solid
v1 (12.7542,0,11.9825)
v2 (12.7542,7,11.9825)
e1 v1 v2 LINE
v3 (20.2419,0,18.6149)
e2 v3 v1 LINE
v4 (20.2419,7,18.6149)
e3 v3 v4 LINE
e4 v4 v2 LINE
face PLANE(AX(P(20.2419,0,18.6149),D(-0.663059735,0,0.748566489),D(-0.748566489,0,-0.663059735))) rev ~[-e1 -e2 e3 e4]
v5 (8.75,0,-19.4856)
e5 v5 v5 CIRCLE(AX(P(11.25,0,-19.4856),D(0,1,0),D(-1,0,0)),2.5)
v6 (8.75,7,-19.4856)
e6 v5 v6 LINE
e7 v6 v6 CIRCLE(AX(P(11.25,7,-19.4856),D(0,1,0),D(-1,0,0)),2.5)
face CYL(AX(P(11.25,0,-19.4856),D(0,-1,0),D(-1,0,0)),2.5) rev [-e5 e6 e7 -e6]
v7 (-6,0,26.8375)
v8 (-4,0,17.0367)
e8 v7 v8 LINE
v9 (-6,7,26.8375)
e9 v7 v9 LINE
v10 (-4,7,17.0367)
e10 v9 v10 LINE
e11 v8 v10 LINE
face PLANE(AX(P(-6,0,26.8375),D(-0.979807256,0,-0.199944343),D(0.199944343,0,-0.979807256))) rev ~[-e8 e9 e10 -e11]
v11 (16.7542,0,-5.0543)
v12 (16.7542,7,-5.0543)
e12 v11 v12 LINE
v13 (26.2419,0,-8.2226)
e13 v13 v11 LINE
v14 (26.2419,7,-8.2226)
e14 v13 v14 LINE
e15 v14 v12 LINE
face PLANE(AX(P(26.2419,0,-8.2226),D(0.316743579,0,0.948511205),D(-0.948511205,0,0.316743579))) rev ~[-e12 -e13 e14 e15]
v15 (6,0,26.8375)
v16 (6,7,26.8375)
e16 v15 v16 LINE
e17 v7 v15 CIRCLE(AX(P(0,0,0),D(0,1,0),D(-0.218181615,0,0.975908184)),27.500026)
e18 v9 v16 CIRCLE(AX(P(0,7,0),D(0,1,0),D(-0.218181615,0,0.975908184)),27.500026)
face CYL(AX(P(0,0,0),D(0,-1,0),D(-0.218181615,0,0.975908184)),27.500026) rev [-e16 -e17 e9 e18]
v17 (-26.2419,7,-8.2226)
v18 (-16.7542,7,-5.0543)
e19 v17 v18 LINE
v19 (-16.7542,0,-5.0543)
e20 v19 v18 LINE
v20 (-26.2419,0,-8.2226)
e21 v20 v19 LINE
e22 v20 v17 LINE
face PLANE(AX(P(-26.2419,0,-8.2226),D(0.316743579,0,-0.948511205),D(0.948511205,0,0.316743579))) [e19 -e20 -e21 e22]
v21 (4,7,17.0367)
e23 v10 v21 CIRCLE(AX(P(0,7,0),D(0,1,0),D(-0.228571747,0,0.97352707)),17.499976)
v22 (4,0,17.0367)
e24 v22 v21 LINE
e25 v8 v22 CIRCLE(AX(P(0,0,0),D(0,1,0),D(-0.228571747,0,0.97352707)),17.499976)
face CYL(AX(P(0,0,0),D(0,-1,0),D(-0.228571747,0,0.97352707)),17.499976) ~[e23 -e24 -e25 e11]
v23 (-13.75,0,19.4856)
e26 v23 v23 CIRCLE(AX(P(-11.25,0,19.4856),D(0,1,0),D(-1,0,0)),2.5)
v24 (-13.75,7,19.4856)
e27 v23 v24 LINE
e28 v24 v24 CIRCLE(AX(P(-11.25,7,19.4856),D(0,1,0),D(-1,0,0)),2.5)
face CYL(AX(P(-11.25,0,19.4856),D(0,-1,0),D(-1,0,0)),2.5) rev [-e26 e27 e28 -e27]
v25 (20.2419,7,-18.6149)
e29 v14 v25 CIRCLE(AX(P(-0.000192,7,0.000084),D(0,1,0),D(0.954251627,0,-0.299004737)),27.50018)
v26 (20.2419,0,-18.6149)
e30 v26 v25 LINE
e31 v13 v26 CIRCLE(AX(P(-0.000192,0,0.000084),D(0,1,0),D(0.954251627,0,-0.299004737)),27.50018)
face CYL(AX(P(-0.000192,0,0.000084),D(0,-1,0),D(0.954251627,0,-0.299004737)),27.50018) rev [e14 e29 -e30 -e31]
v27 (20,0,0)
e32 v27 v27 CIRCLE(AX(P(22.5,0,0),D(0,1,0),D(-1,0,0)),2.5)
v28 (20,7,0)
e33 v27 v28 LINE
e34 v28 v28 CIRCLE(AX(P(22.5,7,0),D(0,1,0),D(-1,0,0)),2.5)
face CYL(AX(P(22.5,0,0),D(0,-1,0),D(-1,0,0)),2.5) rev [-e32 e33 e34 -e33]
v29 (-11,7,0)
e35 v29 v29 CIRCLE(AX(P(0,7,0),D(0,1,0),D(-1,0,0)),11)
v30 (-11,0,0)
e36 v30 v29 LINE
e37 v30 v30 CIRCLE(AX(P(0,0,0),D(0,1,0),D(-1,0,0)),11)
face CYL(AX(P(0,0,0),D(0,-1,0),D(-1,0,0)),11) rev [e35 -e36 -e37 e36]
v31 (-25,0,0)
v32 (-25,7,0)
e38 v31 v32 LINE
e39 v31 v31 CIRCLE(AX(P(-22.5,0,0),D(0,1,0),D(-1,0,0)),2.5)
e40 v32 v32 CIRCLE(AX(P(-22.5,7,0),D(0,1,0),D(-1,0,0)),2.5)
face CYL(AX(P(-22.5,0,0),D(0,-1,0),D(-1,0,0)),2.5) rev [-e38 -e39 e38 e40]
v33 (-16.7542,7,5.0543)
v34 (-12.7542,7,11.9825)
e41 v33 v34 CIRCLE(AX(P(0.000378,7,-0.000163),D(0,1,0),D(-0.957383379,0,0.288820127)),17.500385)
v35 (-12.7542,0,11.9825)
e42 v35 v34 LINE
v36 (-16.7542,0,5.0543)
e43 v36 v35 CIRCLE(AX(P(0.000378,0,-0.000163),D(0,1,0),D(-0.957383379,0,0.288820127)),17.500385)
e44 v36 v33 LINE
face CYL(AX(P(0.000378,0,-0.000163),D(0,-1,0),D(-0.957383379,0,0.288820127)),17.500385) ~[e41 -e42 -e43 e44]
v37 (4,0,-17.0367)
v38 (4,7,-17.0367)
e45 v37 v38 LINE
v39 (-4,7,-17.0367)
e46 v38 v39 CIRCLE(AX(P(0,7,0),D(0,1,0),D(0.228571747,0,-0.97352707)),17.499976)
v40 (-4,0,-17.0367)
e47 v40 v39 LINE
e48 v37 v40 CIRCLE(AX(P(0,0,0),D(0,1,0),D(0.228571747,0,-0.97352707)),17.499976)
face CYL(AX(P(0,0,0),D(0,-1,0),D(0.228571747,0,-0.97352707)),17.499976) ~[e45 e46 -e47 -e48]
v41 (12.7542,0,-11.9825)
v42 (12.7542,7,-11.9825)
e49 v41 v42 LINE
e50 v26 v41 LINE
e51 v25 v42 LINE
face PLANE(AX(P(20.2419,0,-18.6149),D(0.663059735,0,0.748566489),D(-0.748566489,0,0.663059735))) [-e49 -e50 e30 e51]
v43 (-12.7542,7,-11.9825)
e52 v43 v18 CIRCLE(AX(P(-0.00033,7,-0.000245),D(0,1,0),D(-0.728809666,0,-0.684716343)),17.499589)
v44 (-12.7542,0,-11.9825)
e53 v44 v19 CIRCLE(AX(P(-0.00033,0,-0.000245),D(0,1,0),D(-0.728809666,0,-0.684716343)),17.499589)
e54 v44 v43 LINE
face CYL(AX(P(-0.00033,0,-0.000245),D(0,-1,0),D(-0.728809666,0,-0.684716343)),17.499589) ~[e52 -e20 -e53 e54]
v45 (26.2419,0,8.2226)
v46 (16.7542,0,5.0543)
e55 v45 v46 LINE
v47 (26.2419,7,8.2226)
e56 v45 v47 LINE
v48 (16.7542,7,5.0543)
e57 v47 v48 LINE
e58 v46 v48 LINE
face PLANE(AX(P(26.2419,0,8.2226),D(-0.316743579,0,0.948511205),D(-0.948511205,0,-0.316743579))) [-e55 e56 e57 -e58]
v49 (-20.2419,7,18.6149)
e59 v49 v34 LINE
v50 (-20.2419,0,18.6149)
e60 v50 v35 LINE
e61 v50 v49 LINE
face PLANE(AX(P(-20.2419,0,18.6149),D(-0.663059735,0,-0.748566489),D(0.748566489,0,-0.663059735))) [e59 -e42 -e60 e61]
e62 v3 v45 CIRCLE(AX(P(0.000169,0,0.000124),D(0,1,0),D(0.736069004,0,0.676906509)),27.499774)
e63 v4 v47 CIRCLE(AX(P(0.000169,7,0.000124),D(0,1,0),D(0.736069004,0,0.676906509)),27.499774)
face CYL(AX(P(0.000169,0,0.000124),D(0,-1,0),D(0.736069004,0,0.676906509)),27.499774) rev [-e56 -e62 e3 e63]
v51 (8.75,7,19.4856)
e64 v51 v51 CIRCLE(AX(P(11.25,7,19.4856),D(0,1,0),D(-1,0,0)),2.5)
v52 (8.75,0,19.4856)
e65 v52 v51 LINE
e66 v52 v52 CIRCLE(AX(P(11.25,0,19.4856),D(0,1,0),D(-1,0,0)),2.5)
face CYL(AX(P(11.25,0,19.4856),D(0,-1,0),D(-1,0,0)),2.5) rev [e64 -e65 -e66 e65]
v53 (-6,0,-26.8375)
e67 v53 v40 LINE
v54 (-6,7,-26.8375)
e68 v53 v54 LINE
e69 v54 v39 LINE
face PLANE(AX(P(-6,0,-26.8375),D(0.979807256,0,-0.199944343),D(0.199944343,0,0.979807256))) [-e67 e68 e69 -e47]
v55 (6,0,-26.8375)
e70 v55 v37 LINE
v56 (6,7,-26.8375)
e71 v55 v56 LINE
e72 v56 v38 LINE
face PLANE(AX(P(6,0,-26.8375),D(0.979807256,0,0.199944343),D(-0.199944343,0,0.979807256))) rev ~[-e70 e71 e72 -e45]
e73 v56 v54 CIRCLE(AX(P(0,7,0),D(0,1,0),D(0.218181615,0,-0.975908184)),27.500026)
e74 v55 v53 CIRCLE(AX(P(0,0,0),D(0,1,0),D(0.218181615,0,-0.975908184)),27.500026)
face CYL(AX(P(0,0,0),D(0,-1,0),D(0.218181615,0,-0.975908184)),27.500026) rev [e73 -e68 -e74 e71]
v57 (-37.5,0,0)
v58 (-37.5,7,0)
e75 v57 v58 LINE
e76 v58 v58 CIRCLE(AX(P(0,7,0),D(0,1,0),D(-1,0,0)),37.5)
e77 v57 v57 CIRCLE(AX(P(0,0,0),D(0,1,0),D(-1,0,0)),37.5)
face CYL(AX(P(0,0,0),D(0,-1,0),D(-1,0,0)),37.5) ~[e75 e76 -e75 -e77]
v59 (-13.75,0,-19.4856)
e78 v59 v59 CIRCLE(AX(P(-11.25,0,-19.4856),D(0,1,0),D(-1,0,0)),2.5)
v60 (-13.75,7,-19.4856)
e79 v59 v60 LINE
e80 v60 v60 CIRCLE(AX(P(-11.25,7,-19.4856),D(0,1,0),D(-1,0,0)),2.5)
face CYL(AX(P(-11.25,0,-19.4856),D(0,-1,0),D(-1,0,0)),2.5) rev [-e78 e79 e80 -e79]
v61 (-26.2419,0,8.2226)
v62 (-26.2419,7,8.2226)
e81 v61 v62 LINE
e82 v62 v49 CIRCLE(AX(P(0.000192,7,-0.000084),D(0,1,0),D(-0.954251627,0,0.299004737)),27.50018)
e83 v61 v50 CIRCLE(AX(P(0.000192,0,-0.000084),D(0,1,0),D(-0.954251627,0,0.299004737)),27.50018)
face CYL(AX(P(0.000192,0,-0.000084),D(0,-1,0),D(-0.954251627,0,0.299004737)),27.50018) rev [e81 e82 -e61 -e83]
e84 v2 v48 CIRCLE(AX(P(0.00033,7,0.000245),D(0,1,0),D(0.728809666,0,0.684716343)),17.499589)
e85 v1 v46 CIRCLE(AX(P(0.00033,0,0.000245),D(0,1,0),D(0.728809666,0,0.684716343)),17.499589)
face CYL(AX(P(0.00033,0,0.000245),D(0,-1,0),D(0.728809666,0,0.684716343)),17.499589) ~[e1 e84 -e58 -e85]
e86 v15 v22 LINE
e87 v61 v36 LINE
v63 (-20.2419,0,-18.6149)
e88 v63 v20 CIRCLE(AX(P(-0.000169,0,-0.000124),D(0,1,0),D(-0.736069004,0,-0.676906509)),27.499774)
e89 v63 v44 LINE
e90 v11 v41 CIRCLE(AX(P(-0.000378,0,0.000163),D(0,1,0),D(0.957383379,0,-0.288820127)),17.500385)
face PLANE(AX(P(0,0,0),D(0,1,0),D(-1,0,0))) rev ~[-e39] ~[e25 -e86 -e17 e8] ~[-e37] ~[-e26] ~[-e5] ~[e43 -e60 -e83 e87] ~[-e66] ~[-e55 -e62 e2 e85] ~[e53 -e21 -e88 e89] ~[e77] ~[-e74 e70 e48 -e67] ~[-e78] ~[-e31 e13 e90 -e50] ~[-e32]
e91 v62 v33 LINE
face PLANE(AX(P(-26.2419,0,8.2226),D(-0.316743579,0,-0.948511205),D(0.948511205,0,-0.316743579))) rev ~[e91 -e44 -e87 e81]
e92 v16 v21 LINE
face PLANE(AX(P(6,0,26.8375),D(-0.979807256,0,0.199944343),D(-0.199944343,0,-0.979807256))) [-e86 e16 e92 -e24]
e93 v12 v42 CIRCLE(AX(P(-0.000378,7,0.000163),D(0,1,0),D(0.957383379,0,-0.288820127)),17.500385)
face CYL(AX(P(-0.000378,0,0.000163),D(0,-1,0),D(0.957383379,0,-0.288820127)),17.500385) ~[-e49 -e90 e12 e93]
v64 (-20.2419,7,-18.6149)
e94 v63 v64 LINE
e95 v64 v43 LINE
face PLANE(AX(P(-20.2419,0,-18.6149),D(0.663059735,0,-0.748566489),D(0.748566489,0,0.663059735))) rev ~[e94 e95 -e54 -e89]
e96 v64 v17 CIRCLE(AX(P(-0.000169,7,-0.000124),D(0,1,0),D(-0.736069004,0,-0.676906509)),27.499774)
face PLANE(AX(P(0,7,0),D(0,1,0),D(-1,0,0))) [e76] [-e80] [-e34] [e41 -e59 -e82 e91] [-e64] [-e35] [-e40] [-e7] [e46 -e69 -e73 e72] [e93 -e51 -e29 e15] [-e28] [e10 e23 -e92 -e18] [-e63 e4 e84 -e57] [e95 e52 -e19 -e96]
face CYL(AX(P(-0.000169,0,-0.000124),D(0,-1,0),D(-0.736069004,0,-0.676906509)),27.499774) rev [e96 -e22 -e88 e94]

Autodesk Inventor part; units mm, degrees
ref_plane "YZ Plane" through (0, 0, 0) normal (1, 0, 0) x (0, 1, 0)
ref_plane "XZ Plane" through (0, 0, 0) normal (0, 1, 0) x (-1, 0, 0)
ref_plane "XY Plane" through (0, 0, 0) normal (0, 0, 1) x (1, 0, 0)
sketch "Sketch3" plane through (0, 0, 0) normal (0, 1, 0) x (-1, 0, 0)
  circle A0 centre (0, 0) radius 11
  circle A1 centre (0, 0) radius 17.5 construction
  circle A2 centre (0, 0) radius 27.5 construction
  circle A3 centre (0, 0) radius 37.5
  line L0 (-6, 26.8375) -> (-4, 17.0367)
  line L1 (6, 26.8375) -> (4, 17.0367)
  arc A4 (6, 26.8375) -> (-6, 26.8375) centre (0, 0) ccw
  arc A5 (4, 17.0367) -> (-4, 17.0367) centre (0, 0) ccw
  circle A6 centre (0, 0) radius 22.5 construction
  line L2 (5.0001, 21.9374) -> (16.4983, 15.2989) construction
  line L3 (10.7492, 18.6181) -> (11.25, 19.4856) construction
  circle A7 centre (11.25, 19.4856) radius 2.5
  circle A8 centre (-11.25, 19.4856) radius 2.5
  circle A9 centre (-22.5, 0) radius 2.5
  circle A10 centre (-11.25, -19.4856) radius 2.5
  circle A11 centre (11.25, -19.4856) radius 2.5
  circle A12 centre (22.5, 0) radius 2.5
  arc A13 (-20.2419, 18.6149) -> (-26.2419, 8.2226) centre (0, 0) ccw
  line L4 (-20.2419, 18.6149) -> (-12.7542, 11.9825)
  line L5 (-26.2419, 8.2226) -> (-16.7542, 5.0543)
  arc A14 (-12.7542, 11.9825) -> (-16.7542, 5.0543) centre (0, 0) ccw
  arc A15 (-26.2419, -8.2226) -> (-20.2419, -18.6149) centre (0, 0) ccw
  line L6 (-26.2419, -8.2226) -> (-16.7542, -5.0543)
  line L7 (-20.2419, -18.6149) -> (-12.7542, -11.9825)
  arc A16 (-16.7542, -5.0543) -> (-12.7542, -11.9825) centre (0, 0) ccw
  arc A17 (-6, -26.8375) -> (6, -26.8375) centre (0, 0) ccw
  line L8 (-6, -26.8375) -> (-4, -17.0367)
  line L9 (6, -26.8375) -> (4, -17.0367)
  arc A18 (-4, -17.0367) -> (4, -17.0367) centre (0, 0) ccw
  arc A19 (20.2419, -18.6149) -> (26.2419, -8.2226) centre (0, 0) ccw
  line L10 (20.2419, -18.6149) -> (12.7542, -11.9825)
  line L11 (26.2419, -8.2226) -> (16.7542, -5.0543)
  arc A20 (12.7542, -11.9825) -> (16.7542, -5.0543) centre (0, 0) ccw
  arc A21 (26.2419, 8.2226) -> (20.2419, 18.6149) centre (0, 0) ccw
  line L12 (26.2419, 8.2226) -> (16.7542, 5.0543)
  line L13 (20.2419, 18.6149) -> (12.7542, 11.9825)
  arc A22 (16.7542, 5.0543) -> (12.7542, 11.9825) centre (0, 0) ccw
  point P0 (-16.4983, 15.2989)
  point P1 (-21.4984, -6.6385)
  point P2 (-5.0001, -21.9374)
  point P3 (16.4983, -15.2989)
  point P4 (21.4984, 6.6385)
  dimension "d16" = 22
  dimension "d17" = 35
  dimension "d18" = 55
  dimension "d19" = 75
  dimension "d20" = 6
  dimension "d21" = 4
  dimension "d22" = 6
  dimension "d23" = 4
  dimension "d28" = 45
  dimension "d29" = 5
  dimension "d32" = 360
  dimension "d38" = 360
extrude "Extrusion4" add sketch "Sketch3" along normal blind 7
properties part number "Flexspline" material "ABS Plastic"
